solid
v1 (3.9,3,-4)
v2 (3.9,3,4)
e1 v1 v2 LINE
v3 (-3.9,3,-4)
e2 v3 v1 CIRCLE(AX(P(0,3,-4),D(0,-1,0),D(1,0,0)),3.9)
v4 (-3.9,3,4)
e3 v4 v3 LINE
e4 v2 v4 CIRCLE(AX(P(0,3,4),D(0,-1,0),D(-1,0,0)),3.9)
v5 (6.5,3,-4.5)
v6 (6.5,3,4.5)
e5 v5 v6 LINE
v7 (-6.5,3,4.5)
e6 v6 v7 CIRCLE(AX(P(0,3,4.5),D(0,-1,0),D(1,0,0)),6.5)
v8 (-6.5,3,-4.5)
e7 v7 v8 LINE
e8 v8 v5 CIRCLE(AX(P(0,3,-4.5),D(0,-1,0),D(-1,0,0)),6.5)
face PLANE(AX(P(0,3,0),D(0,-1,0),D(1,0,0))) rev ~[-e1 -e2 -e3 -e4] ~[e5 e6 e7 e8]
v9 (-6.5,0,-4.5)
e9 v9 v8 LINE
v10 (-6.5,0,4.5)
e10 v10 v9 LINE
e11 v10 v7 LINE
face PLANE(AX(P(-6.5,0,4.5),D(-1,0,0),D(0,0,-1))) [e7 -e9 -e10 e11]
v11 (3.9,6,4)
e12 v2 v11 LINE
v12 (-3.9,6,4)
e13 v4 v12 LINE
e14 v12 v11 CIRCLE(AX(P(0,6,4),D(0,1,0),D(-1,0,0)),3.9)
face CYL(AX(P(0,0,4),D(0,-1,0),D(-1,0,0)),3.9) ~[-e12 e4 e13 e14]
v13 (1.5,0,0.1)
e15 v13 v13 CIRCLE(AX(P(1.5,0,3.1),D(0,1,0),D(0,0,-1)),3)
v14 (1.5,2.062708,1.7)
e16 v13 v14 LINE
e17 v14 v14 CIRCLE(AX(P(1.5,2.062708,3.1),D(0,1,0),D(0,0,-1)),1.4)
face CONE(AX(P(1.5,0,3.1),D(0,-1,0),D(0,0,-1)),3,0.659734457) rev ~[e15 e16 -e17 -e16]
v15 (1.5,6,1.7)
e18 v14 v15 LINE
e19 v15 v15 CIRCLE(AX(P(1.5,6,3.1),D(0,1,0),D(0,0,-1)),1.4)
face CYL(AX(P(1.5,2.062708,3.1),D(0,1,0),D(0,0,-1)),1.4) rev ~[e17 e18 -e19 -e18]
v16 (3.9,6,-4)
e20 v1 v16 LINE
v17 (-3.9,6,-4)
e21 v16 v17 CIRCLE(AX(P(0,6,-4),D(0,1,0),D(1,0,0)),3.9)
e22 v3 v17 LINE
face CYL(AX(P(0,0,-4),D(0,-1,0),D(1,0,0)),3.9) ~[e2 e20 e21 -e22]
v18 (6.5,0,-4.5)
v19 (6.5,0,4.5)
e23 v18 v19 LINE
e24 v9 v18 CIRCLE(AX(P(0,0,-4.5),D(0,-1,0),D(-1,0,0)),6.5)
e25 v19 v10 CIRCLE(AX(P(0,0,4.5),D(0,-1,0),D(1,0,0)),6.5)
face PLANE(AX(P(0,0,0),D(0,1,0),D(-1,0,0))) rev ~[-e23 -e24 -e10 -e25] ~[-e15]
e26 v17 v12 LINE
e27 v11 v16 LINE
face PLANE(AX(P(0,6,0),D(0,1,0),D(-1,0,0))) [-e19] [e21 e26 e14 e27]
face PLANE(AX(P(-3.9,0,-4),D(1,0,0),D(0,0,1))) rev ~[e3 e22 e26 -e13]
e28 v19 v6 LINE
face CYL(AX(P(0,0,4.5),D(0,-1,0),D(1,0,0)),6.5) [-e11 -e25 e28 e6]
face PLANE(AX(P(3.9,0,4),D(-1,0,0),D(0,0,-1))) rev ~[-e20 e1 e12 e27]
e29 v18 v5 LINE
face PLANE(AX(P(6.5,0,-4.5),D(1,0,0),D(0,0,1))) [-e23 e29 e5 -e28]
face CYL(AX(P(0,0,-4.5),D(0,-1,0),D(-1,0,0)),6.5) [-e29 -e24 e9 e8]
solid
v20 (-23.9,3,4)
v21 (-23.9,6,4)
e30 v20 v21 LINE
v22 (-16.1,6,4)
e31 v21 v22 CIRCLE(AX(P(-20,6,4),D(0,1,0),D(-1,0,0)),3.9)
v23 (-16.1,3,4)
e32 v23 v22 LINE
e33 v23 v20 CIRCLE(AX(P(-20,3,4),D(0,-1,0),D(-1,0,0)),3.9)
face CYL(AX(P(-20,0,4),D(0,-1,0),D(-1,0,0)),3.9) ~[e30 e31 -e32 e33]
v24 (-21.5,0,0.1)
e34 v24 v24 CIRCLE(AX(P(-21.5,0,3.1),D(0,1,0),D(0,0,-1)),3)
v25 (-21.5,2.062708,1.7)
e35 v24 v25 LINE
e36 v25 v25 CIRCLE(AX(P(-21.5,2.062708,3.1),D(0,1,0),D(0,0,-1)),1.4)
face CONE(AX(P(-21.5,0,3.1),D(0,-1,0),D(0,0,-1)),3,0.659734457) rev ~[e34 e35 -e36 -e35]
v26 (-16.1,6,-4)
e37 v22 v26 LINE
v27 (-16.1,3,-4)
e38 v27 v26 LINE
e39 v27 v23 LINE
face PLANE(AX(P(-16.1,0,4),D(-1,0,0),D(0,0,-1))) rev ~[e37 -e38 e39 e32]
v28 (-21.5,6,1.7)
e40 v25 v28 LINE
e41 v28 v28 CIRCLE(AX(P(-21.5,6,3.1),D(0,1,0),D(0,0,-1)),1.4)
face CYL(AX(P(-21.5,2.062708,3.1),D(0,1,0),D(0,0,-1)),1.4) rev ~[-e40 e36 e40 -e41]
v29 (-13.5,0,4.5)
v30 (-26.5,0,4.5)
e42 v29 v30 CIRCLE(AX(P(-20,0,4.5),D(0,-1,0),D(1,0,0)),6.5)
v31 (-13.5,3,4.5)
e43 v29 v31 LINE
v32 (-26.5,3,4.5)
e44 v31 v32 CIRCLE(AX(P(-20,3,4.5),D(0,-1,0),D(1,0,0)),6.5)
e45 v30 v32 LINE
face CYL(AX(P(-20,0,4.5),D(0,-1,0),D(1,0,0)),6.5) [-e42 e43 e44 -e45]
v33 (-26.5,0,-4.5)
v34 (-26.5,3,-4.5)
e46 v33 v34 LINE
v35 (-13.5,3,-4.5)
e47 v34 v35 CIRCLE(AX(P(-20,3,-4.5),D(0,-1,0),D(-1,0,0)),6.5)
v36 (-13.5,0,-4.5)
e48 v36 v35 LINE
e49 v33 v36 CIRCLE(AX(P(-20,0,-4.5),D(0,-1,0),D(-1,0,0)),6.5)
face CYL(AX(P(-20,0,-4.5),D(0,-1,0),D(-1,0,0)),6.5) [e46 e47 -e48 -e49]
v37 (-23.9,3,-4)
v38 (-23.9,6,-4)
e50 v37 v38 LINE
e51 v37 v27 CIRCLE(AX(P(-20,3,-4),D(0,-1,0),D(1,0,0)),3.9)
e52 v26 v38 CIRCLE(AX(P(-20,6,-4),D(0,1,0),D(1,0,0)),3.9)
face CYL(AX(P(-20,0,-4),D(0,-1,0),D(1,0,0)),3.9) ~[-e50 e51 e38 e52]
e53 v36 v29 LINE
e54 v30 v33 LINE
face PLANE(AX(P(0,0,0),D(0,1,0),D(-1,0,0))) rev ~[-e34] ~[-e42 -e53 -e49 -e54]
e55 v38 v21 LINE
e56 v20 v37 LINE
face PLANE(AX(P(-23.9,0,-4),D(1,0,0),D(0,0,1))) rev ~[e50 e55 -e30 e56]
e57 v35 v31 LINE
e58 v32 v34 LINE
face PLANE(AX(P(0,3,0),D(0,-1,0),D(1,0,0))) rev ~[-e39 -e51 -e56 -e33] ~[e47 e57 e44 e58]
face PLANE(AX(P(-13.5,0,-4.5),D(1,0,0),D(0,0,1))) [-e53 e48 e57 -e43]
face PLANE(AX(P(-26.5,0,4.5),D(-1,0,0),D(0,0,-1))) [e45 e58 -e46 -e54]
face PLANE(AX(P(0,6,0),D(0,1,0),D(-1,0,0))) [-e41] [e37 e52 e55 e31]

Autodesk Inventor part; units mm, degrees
ref_plane "YZ Plane" through (0, 0, 0) normal (1, 0, 0) x (0, 1, 0)
ref_plane "XZ Plane" through (0, 0, 0) normal (0, 1, 0) x (-1, 0, 0)
ref_plane "XY Plane" through (0, 0, 0) normal (0, 0, 1) x (1, 0, 0)
sketch "Sketch1" plane through (0, 0, 0) normal (0, 1, 0) x (-1, 0, 0)
  line L0 (0, -7.9) -> (0, 7.9) construction
  line L1 (3.9, -4) -> (3.9, 4)
  line L2 (-3.9, 4) -> (-3.9, -4)
  arc A0 (-3.9, -4) -> (3.9, -4) centre (0, -4) ccw
  arc A1 (3.9, 4) -> (-3.9, 4) centre (0, 4) ccw
  line L3 (0, -11) -> (0, 11) construction
  line L4 (20, -7.9) -> (20, 7.9) construction
  line L5 (23.9, -4) -> (23.9, 4)
  line L6 (16.1, 4) -> (16.1, -4)
  arc A2 (16.1, -4) -> (23.9, -4) centre (20, -4) ccw
  arc A3 (23.9, 4) -> (16.1, 4) centre (20, 4) ccw
  line L7 (20, -11) -> (20, 11) construction
  point P0 (0, 0)
  point P1 (0, 0)
  point P2 (0, 0)
  point P3 (20, 0)
  point P4 (20, 0)
  dimension "d0" = 15.8
  dimension "d1" = 7.8
  dimension "d2" = 3.9
  dimension "d29" = 15.8
  dimension "d30" = 7.8
  dimension "d32" = 20
  dimension "d43" = 4
  dimension "d44" = 20
  dimension "d45" = 22.8254
  dimension "d46" = 20
  dimension "d47" = 11
  dimension "d48" = 0
extrude "Extrusion1" add sketch "Sketch1" along normal blind 6
sketch "Sketch2" plane through (0, 0, 0) normal (0, -1, 0) x (1, 0, 0)
  line L0 (0, -11) -> (0, 11) construction
  line L1 (6.5, -4.5) -> (6.5, 4.5)
  line L2 (-6.5, 4.5) -> (-6.5, -4.5)
  arc A0 (-6.5, -4.5) -> (6.5, -4.5) centre (0, -4.5) ccw
  arc A1 (6.5, 4.5) -> (-6.5, 4.5) centre (0, 4.5) ccw
  line L3 (-20, -11) -> (-20, 11) construction
  line L4 (-13.5, -4.5) -> (-13.5, 4.5)
  line L5 (-26.5, 4.5) -> (-26.5, -4.5)
  arc A2 (-26.5, -4.5) -> (-13.5, -4.5) centre (-20, -4.5) ccw
  arc A3 (-13.5, 4.5) -> (-26.5, 4.5) centre (-20, 4.5) ccw
  point P0 (0, 0)
  point P1 (0, 0)
  point P2 (-20, 0)
  dimension "d9" = 22
  dimension "d10" = 13
  dimension "d33" = 22
  dimension "d34" = 13
  dimension "d35" = 20
extrude "Extrusion2" add sketch "Sketch2" against normal blind 3
sketch "Sketch3" plane through (0, 0, 0) normal (0, -1, 0) x (1, 0, 0)
  circle A0 centre (1.5, 3.1) radius 1.475
  circle A1 centre (-21.5, 3.1) radius 1.475
  point P0 (0, 0)
  point P1 (0, 3.1)
  dimension "d21" = 2.95
  dimension "d38" = 2.95
  dimension "d39" = 23
  dimension "d40" = 1.5
  dimension "d41" = 3.1
  dimension "d42" = 3.1
hole "Hole2" at (1.5, 0, 3.1) at (-21.5, 0, 3.1) direction (0, 1, 0) diameter 2.8 depth 8 tip angle 118 countersink diameter 6 countersink angle 75.6
properties part number "Enganche fuente"
